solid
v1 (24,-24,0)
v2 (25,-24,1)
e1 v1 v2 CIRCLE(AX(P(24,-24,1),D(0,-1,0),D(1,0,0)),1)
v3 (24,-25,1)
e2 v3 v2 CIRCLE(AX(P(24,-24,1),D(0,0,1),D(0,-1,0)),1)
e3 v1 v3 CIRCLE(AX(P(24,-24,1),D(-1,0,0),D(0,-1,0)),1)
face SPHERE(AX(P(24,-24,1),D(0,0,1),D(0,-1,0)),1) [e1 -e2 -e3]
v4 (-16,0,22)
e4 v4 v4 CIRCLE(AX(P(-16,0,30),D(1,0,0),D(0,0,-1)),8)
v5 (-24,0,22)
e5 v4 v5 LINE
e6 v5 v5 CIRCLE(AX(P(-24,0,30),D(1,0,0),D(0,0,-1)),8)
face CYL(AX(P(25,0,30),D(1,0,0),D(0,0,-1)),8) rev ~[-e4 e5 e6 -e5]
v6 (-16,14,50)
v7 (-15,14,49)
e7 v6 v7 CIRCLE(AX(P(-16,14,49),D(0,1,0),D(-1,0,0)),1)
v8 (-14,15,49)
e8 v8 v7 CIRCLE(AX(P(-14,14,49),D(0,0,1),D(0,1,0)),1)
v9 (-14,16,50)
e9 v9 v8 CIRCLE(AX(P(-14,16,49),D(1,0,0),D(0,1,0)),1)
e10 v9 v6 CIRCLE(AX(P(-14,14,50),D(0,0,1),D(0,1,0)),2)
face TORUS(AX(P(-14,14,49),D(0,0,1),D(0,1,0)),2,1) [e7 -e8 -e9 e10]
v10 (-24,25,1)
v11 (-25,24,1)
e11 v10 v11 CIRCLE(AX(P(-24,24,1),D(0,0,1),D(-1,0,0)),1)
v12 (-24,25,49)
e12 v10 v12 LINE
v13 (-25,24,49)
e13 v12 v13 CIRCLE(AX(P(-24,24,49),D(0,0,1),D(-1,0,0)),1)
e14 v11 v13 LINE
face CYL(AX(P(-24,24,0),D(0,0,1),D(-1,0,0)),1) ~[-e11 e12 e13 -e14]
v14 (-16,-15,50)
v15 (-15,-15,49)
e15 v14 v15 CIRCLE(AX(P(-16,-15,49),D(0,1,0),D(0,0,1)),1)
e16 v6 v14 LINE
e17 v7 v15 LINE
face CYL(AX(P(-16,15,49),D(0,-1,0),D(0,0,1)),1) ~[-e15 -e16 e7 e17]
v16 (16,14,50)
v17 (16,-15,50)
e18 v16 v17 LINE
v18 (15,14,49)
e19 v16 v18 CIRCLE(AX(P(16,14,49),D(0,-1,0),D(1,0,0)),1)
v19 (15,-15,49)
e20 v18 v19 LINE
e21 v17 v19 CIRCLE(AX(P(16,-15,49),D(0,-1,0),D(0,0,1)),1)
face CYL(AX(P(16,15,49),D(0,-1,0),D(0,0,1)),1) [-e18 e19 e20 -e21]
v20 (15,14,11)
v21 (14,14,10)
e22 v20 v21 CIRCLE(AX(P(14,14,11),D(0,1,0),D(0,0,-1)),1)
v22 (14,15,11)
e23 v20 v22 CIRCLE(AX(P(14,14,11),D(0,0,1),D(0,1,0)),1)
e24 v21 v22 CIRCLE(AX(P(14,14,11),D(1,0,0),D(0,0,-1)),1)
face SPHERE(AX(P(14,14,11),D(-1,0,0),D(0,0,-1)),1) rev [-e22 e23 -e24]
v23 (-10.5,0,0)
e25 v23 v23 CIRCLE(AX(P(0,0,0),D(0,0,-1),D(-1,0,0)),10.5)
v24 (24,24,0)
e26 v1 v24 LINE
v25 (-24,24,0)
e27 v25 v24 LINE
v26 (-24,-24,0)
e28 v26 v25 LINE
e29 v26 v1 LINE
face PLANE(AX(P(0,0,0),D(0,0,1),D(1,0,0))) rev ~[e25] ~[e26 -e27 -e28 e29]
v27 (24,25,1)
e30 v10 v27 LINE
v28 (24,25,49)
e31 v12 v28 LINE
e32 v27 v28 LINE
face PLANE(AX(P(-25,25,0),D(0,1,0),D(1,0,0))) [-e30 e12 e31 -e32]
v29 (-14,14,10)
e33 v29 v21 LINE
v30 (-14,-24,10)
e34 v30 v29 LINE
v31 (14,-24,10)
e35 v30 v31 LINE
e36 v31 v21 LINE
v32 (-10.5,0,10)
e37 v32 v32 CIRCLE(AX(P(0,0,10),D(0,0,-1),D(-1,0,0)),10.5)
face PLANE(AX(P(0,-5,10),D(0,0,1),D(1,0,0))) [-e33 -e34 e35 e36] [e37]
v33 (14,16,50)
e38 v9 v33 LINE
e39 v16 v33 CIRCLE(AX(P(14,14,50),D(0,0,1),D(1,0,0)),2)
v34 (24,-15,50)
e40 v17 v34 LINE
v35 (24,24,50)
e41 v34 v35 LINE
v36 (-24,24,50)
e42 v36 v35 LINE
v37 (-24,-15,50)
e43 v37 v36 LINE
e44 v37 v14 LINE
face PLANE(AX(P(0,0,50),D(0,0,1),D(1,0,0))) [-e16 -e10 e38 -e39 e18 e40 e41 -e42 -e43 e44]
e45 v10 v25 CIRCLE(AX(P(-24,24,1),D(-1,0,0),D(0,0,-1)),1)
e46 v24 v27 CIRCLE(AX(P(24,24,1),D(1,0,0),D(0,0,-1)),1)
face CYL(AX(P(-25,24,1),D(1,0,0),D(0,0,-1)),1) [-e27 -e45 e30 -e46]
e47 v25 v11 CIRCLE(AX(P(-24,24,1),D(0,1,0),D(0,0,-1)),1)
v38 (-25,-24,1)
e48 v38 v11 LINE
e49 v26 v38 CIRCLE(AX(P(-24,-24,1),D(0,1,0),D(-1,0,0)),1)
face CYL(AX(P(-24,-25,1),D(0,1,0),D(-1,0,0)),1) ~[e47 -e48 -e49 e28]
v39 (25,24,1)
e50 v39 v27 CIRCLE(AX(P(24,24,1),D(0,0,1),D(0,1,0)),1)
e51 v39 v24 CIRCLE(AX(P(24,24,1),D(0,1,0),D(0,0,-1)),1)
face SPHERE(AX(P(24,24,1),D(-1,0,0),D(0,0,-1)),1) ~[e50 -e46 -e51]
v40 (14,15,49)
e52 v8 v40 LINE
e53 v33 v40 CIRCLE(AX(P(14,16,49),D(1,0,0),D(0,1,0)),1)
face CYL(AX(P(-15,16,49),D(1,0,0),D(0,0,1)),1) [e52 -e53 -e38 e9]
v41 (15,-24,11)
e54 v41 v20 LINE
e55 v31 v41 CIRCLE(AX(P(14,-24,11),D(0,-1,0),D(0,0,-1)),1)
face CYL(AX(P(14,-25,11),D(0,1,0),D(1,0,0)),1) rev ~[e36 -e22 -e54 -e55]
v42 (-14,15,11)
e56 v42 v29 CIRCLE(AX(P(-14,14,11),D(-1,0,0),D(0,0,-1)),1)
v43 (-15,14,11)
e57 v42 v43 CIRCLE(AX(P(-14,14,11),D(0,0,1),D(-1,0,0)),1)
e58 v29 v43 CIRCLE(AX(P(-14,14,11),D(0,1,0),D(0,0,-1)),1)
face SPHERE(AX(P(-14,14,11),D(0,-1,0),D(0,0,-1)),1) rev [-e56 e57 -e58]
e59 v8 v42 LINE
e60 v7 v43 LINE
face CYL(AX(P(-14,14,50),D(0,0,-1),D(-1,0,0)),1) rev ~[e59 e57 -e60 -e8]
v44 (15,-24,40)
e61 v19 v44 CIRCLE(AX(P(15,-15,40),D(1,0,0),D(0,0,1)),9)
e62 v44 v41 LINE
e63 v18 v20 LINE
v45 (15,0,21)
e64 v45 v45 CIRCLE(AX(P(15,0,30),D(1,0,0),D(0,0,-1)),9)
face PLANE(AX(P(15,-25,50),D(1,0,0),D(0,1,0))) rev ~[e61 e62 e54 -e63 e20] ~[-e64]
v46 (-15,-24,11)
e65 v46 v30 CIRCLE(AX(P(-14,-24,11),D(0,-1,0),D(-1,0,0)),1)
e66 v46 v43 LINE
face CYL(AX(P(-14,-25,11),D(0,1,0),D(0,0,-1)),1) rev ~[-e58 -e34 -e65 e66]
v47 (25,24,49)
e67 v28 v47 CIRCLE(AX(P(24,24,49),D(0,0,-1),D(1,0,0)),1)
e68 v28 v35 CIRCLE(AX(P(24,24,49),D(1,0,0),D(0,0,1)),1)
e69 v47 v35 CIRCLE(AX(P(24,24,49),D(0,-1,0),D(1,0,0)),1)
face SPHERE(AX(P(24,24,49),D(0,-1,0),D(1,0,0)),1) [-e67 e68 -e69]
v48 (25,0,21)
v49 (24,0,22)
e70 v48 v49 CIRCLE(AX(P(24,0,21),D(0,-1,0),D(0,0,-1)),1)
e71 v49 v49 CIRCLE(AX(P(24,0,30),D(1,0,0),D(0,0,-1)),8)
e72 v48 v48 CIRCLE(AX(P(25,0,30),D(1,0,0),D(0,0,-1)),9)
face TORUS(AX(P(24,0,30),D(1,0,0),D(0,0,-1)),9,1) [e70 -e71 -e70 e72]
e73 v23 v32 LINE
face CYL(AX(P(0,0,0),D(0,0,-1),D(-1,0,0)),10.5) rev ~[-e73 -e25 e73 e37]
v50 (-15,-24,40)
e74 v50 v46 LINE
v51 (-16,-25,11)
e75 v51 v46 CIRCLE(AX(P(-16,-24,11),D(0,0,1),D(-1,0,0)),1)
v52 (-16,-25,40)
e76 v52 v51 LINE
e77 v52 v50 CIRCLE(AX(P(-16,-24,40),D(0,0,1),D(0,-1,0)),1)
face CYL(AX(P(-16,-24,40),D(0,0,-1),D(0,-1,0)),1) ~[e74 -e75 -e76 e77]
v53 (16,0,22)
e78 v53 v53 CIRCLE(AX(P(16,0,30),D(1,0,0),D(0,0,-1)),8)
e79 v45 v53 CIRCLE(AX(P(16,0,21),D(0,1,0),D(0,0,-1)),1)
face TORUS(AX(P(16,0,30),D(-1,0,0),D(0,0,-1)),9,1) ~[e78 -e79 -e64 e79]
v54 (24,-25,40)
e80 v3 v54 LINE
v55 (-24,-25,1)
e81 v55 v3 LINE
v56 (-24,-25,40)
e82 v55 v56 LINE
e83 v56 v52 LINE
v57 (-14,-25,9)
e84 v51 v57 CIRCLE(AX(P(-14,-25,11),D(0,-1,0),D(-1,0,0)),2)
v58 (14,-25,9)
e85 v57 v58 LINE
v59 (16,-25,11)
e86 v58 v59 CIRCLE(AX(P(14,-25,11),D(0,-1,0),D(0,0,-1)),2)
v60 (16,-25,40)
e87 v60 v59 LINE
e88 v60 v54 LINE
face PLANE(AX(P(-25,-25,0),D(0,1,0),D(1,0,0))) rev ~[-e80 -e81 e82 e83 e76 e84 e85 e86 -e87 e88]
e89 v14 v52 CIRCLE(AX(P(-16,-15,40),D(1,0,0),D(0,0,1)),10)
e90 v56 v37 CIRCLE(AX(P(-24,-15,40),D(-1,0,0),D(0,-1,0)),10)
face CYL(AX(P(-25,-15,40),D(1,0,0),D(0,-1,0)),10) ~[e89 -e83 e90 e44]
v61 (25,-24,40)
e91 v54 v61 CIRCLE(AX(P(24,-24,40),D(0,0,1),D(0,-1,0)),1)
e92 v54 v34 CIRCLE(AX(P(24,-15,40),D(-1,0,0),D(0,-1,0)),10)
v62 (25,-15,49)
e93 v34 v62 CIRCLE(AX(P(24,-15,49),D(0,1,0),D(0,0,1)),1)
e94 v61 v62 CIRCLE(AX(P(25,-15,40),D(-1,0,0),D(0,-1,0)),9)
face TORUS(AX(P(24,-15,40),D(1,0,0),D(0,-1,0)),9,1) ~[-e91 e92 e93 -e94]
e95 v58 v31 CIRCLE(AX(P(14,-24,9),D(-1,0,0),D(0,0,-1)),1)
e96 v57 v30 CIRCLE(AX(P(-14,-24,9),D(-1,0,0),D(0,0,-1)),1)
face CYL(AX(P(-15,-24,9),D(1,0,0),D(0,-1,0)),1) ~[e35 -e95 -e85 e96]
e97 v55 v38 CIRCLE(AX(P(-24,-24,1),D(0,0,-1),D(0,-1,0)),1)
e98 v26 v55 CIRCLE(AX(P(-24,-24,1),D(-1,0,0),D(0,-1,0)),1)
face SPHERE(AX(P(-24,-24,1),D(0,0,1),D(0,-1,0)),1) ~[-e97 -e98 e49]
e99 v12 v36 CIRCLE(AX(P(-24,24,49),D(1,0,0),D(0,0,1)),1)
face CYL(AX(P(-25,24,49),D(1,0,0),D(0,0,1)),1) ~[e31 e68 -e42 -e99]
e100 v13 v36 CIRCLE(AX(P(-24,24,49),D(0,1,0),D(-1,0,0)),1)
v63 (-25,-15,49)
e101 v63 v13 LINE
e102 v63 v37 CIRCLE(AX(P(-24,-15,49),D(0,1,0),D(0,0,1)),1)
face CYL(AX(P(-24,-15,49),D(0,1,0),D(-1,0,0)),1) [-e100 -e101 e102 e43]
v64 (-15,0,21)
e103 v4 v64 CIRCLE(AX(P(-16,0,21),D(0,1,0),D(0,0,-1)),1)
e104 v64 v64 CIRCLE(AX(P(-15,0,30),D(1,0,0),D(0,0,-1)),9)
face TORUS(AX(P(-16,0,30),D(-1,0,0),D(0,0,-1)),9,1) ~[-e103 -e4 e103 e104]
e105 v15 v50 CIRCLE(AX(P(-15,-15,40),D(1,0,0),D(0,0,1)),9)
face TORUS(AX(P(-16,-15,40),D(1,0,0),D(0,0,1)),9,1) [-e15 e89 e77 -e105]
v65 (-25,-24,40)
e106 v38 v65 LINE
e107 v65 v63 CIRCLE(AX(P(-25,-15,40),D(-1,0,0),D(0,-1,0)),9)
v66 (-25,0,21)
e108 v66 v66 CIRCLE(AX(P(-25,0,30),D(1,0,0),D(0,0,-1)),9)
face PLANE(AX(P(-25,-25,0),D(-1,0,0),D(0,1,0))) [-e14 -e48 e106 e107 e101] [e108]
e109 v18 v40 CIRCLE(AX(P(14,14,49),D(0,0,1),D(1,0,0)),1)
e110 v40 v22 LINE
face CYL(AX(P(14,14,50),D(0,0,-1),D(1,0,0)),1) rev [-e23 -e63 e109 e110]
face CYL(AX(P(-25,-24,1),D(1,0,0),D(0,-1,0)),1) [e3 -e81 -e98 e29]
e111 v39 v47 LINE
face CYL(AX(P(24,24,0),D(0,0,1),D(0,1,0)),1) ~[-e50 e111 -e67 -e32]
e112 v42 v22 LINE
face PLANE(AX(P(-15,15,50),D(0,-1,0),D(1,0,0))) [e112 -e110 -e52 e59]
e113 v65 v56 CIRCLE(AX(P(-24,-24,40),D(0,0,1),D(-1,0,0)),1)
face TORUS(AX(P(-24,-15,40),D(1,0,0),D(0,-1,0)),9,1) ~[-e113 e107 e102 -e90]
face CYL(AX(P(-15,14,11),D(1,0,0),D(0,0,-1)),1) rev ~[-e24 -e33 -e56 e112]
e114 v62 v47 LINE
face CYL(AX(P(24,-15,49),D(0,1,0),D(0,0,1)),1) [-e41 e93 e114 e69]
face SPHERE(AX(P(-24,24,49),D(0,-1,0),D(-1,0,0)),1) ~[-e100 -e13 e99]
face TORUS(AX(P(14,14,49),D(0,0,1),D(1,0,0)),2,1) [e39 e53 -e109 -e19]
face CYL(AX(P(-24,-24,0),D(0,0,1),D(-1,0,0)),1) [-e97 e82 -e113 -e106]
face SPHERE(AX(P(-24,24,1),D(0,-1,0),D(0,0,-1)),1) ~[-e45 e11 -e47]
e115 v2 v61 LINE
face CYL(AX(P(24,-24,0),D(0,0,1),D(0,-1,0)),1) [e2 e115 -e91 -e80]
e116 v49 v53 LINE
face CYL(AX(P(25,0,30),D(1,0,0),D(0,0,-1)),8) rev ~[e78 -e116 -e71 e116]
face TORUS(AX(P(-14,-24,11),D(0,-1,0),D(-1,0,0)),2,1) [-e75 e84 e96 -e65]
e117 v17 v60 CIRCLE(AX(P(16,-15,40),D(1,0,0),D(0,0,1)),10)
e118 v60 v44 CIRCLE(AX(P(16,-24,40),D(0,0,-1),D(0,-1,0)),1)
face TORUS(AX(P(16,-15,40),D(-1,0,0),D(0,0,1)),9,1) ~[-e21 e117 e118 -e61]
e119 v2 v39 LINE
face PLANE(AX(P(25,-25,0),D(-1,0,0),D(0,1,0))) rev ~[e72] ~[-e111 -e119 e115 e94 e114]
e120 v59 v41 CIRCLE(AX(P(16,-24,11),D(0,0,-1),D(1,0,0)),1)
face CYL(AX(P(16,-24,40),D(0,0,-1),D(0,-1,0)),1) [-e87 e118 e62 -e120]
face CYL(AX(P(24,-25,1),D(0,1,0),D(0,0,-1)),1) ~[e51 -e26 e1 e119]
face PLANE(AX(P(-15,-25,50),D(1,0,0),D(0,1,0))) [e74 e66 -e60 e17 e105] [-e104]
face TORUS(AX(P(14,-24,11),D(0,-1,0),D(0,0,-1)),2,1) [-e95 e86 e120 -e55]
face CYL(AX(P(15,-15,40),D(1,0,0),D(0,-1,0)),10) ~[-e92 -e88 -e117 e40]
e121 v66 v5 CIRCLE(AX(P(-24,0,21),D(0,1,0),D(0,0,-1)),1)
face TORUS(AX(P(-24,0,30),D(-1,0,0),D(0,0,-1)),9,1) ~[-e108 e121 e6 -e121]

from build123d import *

# Parameters (mm, degrees)
SKETCH1_W           = 50
SKETCH1_H           = 50
BOSS_EXTRUDE1_DEPTH = 50
SKETCH2_W           = 30
SKETCH2_H           = 40
CUT_EXTRUDE1_DEPTH  = 40
SKETCH3_R           = 8
CUT_EXTRUDE3_DEPTH  = 90
SKETCH4_R           = 10.5
CUT_EXTRUDE5_DEPTH  = 90
FILLET2_R           = 10
FILLET3_R           = 1
FILLET4_R           = 1


with BuildPart() as part:
    # Sketch1 → Boss-Extrude1 (new body)
    with BuildSketch(Plane.XY):
        Rectangle(SKETCH1_W, SKETCH1_H)
    extrude(amount=BOSS_EXTRUDE1_DEPTH)

    # Sketch2 → Cut-Extrude1 (cut)
    with BuildSketch(Plane.XY.offset(50)):
        with Locations((0, -5)):
            Rectangle(SKETCH2_W, SKETCH2_H)
    extrude(amount=-CUT_EXTRUDE1_DEPTH, mode=Mode.SUBTRACT)

    # Sketch3 → Cut-Extrude3 (cut)
    with BuildSketch(Plane(origin=(25, 0, 0), x_dir=(0, 0, -1), z_dir=(1, 0, 0))):
        with Locations((-30, 0)):
            Circle(SKETCH3_R)
    extrude(amount=-CUT_EXTRUDE3_DEPTH, mode=Mode.SUBTRACT)

    # Sketch4 → Cut-Extrude5 (cut)
    with BuildSketch(Plane(origin=(0, 0, 0), x_dir=(-1, 0, 0), z_dir=(0, 0, -1))):
        Circle(SKETCH4_R)
    extrude(amount=-CUT_EXTRUDE5_DEPTH, mode=Mode.SUBTRACT)

    # Fillet2
    fillet2_edges = [part.edges().sort_by_distance(p)[0] for p in [
        (20, -25, 50),
        (-20, -25, 50),
    ]]
    fillet(fillet2_edges, radius=FILLET2_R)

    # Fillet3
    fillet3_edges = [part.edges().sort_by_distance(p)[0] for p in [
        (-25, 5, 50),
        (-15, -5, 10),
        (-15, -25, 25),
        (0, 15, 10),
        (-15, 15, 30),
        (15, -5, 10),
        (15, 15, 30),
        (0, -25, 10),
        (15, -25, 25),
        (-15, 0, 50),
        (0, 15, 50),
        (15, 0, 50),
        (25, 5, 50),
        (25, -25, 20),
        (25, -22.071067812, 47.071067812),
        (-25, -25, 20),
        (15, -22.071067812, 47.071067812),
        (-15, -22.071067812, 47.071067812),
        (-25, -22.071067812, 47.071067812),
        (0, -25, 0),
        (-25, 0, 0),
        (0, 25, 0),
        (25, 0, 0),
        (-25, 25, 25),
        (25, 25, 25),
        (0, 25, 50),
    ]]
    fillet(fillet3_edges, radius=FILLET3_R)

    # Fillet4
    fillet4_edges = [part.edges().sort_by_distance(p)[0] for p in [
        (-15, 0, 38),
        (-25, 0, 38),
        (15, 0, 38),
        (25, 0, 38),
    ]]
    fillet(fillet4_edges, radius=FILLET4_R)


solid = part.part
